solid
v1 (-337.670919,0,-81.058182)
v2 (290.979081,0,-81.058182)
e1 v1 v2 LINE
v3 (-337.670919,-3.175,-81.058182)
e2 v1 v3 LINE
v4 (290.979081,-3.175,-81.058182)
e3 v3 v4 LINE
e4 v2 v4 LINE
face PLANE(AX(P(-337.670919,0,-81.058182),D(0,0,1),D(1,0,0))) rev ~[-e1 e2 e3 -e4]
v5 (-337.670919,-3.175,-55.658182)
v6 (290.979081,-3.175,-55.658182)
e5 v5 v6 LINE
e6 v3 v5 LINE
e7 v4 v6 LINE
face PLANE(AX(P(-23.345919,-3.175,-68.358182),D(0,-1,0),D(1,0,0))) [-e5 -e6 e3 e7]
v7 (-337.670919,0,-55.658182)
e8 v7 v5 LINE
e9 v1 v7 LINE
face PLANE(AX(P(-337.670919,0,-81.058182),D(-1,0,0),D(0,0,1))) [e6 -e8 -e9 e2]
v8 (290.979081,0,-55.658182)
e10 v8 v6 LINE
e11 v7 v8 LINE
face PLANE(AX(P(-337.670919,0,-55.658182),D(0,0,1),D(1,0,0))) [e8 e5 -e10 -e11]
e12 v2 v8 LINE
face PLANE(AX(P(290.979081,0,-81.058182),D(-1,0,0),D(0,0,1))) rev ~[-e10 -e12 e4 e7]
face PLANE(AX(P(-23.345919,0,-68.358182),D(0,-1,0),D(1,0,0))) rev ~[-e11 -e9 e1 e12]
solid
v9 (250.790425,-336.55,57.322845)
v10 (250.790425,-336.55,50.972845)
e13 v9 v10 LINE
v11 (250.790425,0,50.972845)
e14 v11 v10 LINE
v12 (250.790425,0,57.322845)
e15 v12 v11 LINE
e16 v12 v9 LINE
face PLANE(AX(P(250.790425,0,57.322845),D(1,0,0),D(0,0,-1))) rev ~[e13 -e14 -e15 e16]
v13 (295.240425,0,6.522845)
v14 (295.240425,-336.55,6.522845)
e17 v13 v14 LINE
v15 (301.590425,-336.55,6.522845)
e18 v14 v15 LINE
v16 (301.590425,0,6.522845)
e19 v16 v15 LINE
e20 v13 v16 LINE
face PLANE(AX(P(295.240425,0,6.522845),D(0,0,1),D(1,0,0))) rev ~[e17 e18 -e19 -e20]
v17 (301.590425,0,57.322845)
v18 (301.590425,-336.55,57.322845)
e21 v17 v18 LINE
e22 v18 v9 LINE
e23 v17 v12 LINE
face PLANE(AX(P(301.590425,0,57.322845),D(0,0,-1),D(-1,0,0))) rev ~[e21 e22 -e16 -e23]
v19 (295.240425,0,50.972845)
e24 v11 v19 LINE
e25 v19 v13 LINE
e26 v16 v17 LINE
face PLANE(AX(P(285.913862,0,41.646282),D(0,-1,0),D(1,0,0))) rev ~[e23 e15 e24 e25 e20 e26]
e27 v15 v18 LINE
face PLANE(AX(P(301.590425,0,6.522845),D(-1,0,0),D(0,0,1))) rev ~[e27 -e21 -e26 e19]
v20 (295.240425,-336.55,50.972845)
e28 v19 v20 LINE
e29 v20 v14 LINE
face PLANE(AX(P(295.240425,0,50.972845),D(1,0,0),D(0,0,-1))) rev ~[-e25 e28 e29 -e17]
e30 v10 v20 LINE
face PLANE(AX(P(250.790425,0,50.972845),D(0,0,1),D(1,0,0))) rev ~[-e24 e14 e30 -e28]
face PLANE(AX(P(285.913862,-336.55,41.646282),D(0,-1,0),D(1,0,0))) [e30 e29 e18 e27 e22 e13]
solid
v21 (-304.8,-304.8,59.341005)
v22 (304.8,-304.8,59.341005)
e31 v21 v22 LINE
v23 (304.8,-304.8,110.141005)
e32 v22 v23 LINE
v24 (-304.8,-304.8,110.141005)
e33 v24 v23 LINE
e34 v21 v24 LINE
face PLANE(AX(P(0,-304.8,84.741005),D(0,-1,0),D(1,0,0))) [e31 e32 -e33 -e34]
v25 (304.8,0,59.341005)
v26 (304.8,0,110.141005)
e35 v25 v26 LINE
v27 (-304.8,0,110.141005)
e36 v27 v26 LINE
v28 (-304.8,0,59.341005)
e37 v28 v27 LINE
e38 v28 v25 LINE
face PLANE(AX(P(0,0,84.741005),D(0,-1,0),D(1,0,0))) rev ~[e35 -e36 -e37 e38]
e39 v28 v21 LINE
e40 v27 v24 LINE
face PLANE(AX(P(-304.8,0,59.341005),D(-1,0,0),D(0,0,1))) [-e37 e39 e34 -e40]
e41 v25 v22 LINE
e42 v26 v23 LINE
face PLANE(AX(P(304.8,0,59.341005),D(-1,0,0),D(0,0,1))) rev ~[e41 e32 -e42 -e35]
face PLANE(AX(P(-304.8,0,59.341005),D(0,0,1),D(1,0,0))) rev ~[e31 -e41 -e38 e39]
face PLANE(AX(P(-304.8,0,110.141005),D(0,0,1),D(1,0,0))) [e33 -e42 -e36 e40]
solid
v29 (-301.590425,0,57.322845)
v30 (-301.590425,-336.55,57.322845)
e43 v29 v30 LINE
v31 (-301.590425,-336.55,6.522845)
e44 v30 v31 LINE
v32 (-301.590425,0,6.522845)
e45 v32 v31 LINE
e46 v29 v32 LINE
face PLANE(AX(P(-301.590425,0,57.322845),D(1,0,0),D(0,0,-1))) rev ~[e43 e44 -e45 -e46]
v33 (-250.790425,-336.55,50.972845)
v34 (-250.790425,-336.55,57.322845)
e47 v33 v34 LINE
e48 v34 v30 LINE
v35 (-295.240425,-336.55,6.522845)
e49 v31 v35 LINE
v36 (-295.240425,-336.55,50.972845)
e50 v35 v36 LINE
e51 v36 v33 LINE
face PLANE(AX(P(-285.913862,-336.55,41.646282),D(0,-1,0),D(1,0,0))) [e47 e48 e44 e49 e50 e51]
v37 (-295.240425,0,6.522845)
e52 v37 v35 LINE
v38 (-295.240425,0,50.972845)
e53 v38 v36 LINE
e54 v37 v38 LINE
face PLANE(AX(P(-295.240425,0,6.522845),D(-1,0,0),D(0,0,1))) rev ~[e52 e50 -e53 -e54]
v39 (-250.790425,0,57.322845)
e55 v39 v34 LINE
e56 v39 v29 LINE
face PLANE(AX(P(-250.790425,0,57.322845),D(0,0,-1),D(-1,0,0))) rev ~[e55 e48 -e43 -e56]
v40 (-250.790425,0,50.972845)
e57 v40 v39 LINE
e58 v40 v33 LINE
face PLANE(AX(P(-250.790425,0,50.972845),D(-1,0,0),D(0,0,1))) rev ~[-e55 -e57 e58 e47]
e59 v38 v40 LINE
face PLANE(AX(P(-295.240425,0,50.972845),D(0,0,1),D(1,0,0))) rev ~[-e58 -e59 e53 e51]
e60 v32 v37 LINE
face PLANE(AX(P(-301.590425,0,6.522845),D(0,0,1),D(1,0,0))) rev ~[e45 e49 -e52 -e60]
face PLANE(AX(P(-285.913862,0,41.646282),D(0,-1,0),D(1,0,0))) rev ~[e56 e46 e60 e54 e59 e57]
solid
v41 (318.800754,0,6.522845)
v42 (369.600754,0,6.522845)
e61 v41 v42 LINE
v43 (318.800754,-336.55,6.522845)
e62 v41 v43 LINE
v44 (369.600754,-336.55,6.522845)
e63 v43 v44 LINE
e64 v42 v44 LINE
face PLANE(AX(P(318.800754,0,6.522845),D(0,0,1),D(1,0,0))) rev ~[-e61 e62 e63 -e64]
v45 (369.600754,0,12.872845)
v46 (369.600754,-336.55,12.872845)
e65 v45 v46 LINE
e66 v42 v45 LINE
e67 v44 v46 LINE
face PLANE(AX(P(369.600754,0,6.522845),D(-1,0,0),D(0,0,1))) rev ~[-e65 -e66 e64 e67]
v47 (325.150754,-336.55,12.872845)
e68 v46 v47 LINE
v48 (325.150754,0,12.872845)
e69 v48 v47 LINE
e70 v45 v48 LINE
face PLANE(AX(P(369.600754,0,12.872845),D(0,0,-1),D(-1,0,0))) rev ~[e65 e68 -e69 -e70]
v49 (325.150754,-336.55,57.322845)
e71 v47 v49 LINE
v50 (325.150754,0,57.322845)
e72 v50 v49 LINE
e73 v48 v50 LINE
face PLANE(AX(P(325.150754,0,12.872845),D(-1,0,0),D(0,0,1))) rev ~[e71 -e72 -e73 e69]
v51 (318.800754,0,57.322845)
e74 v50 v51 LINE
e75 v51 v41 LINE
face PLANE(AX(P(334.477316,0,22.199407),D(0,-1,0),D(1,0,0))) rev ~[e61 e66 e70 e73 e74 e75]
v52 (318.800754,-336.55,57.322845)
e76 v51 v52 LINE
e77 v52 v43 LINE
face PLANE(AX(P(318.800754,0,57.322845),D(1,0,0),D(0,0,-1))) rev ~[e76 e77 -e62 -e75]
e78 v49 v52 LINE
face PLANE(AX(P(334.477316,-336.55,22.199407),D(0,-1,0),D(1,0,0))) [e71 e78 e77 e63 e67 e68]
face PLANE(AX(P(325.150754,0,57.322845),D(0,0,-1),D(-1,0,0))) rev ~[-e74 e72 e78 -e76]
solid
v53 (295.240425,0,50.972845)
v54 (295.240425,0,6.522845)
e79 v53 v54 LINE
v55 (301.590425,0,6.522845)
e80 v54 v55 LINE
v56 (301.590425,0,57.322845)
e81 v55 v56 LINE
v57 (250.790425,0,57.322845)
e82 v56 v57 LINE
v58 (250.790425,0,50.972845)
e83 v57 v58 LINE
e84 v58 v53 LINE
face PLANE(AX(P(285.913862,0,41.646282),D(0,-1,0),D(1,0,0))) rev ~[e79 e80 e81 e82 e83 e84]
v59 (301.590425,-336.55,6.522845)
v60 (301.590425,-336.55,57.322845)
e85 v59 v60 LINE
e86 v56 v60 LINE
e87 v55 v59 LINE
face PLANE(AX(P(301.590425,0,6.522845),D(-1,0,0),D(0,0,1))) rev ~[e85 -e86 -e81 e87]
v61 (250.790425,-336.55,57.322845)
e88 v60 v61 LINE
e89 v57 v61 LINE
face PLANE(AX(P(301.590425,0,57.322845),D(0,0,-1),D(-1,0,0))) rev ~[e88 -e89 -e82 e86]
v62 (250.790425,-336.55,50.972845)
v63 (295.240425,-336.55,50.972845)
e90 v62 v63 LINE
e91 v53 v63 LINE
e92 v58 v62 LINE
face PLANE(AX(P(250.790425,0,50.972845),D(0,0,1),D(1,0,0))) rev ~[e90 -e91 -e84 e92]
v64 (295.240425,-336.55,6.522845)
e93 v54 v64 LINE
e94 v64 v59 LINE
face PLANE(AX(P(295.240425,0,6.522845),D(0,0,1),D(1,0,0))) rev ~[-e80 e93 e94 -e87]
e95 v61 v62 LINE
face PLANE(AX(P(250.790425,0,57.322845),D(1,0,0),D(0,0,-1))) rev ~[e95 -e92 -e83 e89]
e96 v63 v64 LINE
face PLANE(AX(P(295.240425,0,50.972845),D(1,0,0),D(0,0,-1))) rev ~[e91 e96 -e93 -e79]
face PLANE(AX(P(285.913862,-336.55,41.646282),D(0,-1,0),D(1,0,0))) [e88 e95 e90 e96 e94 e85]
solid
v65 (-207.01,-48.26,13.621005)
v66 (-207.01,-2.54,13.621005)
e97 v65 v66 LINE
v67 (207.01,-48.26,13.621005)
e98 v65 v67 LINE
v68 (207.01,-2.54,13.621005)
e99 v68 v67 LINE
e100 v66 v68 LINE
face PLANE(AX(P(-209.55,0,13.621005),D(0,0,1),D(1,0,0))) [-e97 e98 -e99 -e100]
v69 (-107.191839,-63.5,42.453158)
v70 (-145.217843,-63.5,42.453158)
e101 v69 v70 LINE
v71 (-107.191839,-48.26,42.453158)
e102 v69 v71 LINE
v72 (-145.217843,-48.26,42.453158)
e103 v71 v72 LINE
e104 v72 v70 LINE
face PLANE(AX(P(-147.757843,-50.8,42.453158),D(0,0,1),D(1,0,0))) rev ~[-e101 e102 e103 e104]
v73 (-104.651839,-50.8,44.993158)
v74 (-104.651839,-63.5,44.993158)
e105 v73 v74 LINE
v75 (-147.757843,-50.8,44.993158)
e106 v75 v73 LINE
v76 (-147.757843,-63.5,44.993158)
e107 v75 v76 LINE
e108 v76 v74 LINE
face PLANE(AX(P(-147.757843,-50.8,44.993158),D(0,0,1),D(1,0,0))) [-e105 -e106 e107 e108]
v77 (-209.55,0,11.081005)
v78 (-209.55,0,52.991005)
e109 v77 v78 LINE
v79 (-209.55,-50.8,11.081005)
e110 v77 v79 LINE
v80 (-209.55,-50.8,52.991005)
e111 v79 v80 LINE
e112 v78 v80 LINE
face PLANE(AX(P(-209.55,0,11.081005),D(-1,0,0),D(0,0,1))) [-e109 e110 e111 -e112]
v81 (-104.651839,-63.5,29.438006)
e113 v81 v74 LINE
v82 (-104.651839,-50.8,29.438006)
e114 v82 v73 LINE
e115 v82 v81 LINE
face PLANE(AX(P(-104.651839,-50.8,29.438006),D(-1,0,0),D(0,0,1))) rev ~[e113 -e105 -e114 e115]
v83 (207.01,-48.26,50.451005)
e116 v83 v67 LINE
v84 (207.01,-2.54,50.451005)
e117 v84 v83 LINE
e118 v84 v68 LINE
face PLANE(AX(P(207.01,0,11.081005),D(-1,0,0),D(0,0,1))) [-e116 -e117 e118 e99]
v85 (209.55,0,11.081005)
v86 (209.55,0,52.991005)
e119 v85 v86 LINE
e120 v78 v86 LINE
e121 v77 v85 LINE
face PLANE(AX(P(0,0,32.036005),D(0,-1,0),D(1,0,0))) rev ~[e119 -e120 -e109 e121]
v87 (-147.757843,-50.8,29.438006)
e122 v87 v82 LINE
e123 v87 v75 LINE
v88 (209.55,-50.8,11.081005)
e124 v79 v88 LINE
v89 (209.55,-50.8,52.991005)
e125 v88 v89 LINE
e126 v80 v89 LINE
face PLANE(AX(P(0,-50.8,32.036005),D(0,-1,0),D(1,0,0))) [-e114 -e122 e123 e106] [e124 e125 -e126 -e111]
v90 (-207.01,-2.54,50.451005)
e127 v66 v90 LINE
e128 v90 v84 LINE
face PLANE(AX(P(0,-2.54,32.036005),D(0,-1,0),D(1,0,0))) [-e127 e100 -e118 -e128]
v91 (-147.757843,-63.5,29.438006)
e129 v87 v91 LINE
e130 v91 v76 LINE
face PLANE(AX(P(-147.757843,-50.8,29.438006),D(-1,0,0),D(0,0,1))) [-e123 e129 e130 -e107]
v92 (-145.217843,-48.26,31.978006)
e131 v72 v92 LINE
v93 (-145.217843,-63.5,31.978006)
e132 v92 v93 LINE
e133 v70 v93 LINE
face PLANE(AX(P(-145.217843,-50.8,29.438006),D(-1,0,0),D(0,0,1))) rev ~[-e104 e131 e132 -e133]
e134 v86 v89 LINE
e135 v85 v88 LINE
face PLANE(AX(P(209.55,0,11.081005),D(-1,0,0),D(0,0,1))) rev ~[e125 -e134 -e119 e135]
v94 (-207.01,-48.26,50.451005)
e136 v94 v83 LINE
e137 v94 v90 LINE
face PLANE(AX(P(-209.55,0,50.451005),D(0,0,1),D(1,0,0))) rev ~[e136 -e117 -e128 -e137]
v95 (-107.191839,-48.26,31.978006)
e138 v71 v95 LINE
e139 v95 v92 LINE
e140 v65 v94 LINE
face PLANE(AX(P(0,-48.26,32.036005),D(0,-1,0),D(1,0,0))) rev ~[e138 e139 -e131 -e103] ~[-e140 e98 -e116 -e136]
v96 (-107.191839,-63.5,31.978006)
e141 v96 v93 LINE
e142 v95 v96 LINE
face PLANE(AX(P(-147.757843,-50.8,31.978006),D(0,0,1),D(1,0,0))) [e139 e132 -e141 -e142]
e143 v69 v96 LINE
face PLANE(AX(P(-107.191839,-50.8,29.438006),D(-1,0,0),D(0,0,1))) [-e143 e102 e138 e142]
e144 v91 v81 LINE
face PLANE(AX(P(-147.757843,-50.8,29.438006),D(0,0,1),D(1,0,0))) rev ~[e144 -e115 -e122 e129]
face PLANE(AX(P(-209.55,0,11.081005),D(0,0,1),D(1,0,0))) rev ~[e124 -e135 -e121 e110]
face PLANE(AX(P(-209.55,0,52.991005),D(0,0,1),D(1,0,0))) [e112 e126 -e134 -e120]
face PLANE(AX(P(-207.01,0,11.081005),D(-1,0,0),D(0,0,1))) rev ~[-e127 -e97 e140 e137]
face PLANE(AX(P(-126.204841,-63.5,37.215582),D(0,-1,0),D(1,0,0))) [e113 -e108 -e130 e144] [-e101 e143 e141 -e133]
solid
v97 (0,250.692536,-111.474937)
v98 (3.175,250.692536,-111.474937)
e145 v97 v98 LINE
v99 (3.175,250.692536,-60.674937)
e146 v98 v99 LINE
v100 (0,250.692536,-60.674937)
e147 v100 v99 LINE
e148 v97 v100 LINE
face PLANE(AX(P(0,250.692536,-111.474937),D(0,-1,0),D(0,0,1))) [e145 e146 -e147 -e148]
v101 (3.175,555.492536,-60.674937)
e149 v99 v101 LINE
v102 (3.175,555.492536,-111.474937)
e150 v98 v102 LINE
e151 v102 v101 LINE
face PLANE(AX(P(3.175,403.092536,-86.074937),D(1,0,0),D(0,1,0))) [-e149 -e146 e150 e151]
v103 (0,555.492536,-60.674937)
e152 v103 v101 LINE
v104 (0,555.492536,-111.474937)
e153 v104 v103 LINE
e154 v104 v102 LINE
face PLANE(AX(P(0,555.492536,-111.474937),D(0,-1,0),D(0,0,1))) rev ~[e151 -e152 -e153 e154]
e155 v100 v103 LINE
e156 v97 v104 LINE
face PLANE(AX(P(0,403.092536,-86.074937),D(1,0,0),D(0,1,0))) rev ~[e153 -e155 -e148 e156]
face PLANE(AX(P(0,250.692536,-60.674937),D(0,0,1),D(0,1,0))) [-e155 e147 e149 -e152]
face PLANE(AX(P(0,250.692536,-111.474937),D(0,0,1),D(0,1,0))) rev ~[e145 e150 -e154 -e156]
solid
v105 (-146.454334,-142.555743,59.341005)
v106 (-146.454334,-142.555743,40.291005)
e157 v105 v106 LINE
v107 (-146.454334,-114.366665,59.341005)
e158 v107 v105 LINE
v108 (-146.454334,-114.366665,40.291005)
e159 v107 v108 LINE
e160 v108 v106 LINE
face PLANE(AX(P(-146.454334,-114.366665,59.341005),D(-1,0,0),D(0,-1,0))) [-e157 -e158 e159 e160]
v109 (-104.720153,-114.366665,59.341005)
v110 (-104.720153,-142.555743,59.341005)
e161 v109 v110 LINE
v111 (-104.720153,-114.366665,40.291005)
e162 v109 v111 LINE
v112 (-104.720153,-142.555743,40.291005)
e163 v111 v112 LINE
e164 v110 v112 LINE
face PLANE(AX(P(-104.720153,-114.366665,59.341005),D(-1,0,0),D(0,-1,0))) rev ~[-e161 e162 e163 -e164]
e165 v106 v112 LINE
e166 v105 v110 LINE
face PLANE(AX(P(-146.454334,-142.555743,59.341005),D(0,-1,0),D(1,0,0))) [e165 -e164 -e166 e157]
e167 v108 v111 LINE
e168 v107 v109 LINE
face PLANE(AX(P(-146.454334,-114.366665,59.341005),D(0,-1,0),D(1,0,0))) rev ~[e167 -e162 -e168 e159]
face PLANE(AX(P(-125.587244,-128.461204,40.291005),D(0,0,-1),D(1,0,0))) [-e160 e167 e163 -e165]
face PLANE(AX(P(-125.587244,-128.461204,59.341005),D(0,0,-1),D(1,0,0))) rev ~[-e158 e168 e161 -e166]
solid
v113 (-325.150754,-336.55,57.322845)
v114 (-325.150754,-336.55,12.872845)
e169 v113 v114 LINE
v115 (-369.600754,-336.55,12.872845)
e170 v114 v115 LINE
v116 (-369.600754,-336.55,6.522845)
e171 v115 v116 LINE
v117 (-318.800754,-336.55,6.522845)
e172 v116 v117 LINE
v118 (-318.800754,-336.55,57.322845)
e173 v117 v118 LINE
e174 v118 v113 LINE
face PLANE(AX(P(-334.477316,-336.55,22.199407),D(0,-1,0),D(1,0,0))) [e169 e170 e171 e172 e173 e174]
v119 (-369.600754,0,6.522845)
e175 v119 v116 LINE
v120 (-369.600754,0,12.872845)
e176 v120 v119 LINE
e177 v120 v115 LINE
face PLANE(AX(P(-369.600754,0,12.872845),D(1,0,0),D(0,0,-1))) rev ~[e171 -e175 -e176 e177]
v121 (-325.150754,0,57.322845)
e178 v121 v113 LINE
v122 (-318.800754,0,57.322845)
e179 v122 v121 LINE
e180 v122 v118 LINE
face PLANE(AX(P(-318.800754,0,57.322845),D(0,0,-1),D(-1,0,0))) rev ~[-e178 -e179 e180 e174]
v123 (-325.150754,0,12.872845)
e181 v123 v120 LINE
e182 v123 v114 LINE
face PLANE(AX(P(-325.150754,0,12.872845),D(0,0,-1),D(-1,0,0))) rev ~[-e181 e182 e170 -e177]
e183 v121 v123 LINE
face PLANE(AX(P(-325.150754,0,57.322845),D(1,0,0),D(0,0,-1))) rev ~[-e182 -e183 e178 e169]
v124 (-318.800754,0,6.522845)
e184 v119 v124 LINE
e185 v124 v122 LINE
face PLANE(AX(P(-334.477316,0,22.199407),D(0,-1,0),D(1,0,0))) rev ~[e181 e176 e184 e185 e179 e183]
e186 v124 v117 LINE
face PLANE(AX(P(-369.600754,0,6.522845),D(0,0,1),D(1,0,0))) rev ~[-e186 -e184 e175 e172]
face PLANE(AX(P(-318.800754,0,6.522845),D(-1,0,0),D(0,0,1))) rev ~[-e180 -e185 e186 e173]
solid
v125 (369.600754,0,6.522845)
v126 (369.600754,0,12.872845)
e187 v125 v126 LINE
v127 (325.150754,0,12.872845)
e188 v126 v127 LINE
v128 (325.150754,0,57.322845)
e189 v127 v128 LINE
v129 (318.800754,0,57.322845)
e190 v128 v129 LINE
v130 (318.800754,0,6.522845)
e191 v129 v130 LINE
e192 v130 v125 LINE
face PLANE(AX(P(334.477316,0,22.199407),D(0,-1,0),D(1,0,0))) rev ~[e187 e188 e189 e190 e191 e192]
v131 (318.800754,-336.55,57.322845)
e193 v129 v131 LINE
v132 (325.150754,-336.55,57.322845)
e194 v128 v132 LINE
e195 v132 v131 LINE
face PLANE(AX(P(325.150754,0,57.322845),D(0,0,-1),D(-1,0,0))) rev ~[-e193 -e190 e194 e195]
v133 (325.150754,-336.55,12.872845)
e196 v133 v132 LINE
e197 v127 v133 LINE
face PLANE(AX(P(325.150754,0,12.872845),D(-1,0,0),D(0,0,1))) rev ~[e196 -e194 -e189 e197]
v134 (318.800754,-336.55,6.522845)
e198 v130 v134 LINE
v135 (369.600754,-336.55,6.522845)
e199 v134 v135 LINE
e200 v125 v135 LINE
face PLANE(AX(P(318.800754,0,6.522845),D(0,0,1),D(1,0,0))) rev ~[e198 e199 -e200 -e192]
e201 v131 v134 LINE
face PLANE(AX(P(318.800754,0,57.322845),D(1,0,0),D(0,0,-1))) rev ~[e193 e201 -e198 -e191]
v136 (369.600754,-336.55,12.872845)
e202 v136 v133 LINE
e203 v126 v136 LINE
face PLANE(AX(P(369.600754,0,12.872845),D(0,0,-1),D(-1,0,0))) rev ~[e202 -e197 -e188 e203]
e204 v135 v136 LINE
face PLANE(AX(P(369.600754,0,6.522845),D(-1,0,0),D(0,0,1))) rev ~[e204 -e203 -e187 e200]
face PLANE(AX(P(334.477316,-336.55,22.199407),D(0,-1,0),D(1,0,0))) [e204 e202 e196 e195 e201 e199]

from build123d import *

# Parameters (mm, degrees)
F0_W      = 419.1
F0_H      = 41.91
F1_DEPTH  = 50.8
F0_W_2    = 609.6
F0_H_2    = 50.8
F2_DEPTH  = 304.8
F4_DEPTH  = 336.55
F5_DEPTH  = 336.55
F6_W      = 43.1060045958
F6_H      = 15.5551526695
F7_DEPTH  = 12.7
F8_T      = -2.54
F9_W      = 41.7341813445
F9_H      = 28.1890779734
F10_DEPTH = 19.05
F12_DEPTH = 25.4
F13_W     = 304.8
F13_H     = 50.8
F14_DEPTH = 3.175
F15_W     = 628.65
F15_H     = 25.4
F16_DEPTH = 3.175


with BuildPart() as f1:
    # F0 (on Front) → F1 (new body)
    with BuildSketch(Plane.XZ):
        with Locations((0, 32.036005367)):
            Rectangle(F0_W, F0_H)
    extrude(amount=F1_DEPTH)

    # F6 (on face) → F7 (join)
    with BuildSketch(Plane.XZ.offset(50.8)):
        with Locations((-126.2048408389, 37.2155820951)):
            Rectangle(F6_W, F6_H)
    extrude(amount=F7_DEPTH)

    # F8
    f8_openings = [f1.faces().sort_by_distance(p)[0] for p in [
        (-126.204841, -63.5, 37.215582),
    ]]
    offset(amount=F8_T, openings=f8_openings, kind=Kind.INTERSECTION)

    # F11 (on face) → F12 (cut)
    with BuildSketch(Plane.XZ.offset(142.5557434559)):
        Polygon((-104.7201529145, 59.341005367), (-125.5872435868, 40.291005367), (-104.7201529145, 40.291005367), align=None)
        Polygon((-125.5872435868, 40.291005367), (-146.454334259, 59.341005367), (-146.454334259, 40.291005367), align=None)
        Polygon((-104.7201529145, 59.341005367), (-146.454334259, 59.341005367), (-125.5872435868, 40.291005367), align=None)
    extrude(amount=F12_DEPTH, mode=Mode.SUBTRACT)


with BuildPart() as f2:
    # F0 (on Front) → F2 (new body)
    with BuildSketch(Plane.XZ):
        with Locations((0, 84.741005367)):
            Rectangle(F0_W_2, F0_H_2)
    extrude(amount=F2_DEPTH)


with BuildPart() as f4:
    # F3 (on Front) → F4 (new body)
    with BuildSketch(Plane.XZ):
        Polygon((301.590424836, 57.3228445721), (250.790424836, 57.3228445721), (250.790424836, 50.9728445721), (295.240424836, 50.9728445721), (295.240424836, 6.5228445721), (301.590424836, 6.5228445721), align=None)
    extrude(amount=F4_DEPTH)


with BuildPart() as f4b:
    # F3 (on Front) → F4, piece 2 (new body)
    with BuildSketch(Plane.XZ):
        Polygon((325.1507537066, 57.3228445721), (318.8007537066, 57.3228445721), (318.8007537066, 6.5228445721), (369.6007537066, 6.5228445721), (369.6007537066, 12.8728445721), (325.1507537066, 12.8728445721), align=None)
    extrude(amount=F4_DEPTH)


with BuildPart() as f5:
    # F3 (on Front) → F5 (new body)
    with BuildSketch(Plane.XZ):
        Polygon((301.590424836, 57.3228445721), (250.790424836, 57.3228445721), (250.790424836, 50.9728445721), (295.240424836, 50.9728445721), (295.240424836, 6.5228445721), (301.590424836, 6.5228445721), align=None)
    extrude(amount=F5_DEPTH)


with BuildPart() as f5b:
    # F3 (on Front) → F5, piece 2 (new body)
    with BuildSketch(Plane.XZ):
        Polygon((325.1507537066, 57.3228445721), (318.8007537066, 57.3228445721), (318.8007537066, 6.5228445721), (369.6007537066, 6.5228445721), (369.6007537066, 12.8728445721), (325.1507537066, 12.8728445721), align=None)
    extrude(amount=F5_DEPTH)


with BuildPart() as f5c:
    # F3 (on Front) → F5, piece 3 (new body)
    with BuildSketch(Plane.XZ):
        Polygon((-318.8007537066, 57.3228445721), (-325.1507537066, 57.3228445721), (-325.1507537066, 12.8728445721), (-369.6007537066, 12.8728445721), (-369.6007537066, 6.5228445721), (-318.8007537066, 6.5228445721), align=None)
    extrude(amount=F5_DEPTH)


with BuildPart() as f5d:
    # F3 (on Front) → F5, piece 4 (new body)
    with BuildSketch(Plane.XZ):
        Polygon((-295.240424836, 50.9728445721), (-250.790424836, 50.9728445721), (-250.790424836, 57.3228445721), (-301.590424836, 57.3228445721), (-301.590424836, 6.5228445721), (-295.240424836, 6.5228445721), align=None)
    extrude(amount=F5_DEPTH)


with BuildPart() as f10:
    # F9 (on face) → F10 (new body)
    with BuildSketch(Plane(origin=(0, 0, 59.341005367), x_dir=(1, 0, 0), z_dir=(0, 0, -1))):
        with Locations((-125.5872435868, 128.4612044692)):
            Rectangle(F9_W, F9_H)
    extrude(amount=F10_DEPTH)


with BuildPart() as f14:
    # F13 (on Right) → F14 (new body)
    with BuildSketch(Plane.YZ):
        with Locations((403.0925355504, -86.0749365926)):
            Rectangle(F13_W, F13_H)
    extrude(amount=F14_DEPTH)


with BuildPart() as f16:
    # F15 (on Front) → F16 (new body)
    with BuildSketch(Plane.XZ):
        with Locations((-23.3459185123, -68.3581817546)):
            Rectangle(F15_W, F15_H)
    extrude(amount=F16_DEPTH)


solid = Compound([f1.part, f2.part, f4.part, f4b.part, f5.part, f5b.part, f5c.part, f5d.part, f10.part, f14.part, f16.part])
